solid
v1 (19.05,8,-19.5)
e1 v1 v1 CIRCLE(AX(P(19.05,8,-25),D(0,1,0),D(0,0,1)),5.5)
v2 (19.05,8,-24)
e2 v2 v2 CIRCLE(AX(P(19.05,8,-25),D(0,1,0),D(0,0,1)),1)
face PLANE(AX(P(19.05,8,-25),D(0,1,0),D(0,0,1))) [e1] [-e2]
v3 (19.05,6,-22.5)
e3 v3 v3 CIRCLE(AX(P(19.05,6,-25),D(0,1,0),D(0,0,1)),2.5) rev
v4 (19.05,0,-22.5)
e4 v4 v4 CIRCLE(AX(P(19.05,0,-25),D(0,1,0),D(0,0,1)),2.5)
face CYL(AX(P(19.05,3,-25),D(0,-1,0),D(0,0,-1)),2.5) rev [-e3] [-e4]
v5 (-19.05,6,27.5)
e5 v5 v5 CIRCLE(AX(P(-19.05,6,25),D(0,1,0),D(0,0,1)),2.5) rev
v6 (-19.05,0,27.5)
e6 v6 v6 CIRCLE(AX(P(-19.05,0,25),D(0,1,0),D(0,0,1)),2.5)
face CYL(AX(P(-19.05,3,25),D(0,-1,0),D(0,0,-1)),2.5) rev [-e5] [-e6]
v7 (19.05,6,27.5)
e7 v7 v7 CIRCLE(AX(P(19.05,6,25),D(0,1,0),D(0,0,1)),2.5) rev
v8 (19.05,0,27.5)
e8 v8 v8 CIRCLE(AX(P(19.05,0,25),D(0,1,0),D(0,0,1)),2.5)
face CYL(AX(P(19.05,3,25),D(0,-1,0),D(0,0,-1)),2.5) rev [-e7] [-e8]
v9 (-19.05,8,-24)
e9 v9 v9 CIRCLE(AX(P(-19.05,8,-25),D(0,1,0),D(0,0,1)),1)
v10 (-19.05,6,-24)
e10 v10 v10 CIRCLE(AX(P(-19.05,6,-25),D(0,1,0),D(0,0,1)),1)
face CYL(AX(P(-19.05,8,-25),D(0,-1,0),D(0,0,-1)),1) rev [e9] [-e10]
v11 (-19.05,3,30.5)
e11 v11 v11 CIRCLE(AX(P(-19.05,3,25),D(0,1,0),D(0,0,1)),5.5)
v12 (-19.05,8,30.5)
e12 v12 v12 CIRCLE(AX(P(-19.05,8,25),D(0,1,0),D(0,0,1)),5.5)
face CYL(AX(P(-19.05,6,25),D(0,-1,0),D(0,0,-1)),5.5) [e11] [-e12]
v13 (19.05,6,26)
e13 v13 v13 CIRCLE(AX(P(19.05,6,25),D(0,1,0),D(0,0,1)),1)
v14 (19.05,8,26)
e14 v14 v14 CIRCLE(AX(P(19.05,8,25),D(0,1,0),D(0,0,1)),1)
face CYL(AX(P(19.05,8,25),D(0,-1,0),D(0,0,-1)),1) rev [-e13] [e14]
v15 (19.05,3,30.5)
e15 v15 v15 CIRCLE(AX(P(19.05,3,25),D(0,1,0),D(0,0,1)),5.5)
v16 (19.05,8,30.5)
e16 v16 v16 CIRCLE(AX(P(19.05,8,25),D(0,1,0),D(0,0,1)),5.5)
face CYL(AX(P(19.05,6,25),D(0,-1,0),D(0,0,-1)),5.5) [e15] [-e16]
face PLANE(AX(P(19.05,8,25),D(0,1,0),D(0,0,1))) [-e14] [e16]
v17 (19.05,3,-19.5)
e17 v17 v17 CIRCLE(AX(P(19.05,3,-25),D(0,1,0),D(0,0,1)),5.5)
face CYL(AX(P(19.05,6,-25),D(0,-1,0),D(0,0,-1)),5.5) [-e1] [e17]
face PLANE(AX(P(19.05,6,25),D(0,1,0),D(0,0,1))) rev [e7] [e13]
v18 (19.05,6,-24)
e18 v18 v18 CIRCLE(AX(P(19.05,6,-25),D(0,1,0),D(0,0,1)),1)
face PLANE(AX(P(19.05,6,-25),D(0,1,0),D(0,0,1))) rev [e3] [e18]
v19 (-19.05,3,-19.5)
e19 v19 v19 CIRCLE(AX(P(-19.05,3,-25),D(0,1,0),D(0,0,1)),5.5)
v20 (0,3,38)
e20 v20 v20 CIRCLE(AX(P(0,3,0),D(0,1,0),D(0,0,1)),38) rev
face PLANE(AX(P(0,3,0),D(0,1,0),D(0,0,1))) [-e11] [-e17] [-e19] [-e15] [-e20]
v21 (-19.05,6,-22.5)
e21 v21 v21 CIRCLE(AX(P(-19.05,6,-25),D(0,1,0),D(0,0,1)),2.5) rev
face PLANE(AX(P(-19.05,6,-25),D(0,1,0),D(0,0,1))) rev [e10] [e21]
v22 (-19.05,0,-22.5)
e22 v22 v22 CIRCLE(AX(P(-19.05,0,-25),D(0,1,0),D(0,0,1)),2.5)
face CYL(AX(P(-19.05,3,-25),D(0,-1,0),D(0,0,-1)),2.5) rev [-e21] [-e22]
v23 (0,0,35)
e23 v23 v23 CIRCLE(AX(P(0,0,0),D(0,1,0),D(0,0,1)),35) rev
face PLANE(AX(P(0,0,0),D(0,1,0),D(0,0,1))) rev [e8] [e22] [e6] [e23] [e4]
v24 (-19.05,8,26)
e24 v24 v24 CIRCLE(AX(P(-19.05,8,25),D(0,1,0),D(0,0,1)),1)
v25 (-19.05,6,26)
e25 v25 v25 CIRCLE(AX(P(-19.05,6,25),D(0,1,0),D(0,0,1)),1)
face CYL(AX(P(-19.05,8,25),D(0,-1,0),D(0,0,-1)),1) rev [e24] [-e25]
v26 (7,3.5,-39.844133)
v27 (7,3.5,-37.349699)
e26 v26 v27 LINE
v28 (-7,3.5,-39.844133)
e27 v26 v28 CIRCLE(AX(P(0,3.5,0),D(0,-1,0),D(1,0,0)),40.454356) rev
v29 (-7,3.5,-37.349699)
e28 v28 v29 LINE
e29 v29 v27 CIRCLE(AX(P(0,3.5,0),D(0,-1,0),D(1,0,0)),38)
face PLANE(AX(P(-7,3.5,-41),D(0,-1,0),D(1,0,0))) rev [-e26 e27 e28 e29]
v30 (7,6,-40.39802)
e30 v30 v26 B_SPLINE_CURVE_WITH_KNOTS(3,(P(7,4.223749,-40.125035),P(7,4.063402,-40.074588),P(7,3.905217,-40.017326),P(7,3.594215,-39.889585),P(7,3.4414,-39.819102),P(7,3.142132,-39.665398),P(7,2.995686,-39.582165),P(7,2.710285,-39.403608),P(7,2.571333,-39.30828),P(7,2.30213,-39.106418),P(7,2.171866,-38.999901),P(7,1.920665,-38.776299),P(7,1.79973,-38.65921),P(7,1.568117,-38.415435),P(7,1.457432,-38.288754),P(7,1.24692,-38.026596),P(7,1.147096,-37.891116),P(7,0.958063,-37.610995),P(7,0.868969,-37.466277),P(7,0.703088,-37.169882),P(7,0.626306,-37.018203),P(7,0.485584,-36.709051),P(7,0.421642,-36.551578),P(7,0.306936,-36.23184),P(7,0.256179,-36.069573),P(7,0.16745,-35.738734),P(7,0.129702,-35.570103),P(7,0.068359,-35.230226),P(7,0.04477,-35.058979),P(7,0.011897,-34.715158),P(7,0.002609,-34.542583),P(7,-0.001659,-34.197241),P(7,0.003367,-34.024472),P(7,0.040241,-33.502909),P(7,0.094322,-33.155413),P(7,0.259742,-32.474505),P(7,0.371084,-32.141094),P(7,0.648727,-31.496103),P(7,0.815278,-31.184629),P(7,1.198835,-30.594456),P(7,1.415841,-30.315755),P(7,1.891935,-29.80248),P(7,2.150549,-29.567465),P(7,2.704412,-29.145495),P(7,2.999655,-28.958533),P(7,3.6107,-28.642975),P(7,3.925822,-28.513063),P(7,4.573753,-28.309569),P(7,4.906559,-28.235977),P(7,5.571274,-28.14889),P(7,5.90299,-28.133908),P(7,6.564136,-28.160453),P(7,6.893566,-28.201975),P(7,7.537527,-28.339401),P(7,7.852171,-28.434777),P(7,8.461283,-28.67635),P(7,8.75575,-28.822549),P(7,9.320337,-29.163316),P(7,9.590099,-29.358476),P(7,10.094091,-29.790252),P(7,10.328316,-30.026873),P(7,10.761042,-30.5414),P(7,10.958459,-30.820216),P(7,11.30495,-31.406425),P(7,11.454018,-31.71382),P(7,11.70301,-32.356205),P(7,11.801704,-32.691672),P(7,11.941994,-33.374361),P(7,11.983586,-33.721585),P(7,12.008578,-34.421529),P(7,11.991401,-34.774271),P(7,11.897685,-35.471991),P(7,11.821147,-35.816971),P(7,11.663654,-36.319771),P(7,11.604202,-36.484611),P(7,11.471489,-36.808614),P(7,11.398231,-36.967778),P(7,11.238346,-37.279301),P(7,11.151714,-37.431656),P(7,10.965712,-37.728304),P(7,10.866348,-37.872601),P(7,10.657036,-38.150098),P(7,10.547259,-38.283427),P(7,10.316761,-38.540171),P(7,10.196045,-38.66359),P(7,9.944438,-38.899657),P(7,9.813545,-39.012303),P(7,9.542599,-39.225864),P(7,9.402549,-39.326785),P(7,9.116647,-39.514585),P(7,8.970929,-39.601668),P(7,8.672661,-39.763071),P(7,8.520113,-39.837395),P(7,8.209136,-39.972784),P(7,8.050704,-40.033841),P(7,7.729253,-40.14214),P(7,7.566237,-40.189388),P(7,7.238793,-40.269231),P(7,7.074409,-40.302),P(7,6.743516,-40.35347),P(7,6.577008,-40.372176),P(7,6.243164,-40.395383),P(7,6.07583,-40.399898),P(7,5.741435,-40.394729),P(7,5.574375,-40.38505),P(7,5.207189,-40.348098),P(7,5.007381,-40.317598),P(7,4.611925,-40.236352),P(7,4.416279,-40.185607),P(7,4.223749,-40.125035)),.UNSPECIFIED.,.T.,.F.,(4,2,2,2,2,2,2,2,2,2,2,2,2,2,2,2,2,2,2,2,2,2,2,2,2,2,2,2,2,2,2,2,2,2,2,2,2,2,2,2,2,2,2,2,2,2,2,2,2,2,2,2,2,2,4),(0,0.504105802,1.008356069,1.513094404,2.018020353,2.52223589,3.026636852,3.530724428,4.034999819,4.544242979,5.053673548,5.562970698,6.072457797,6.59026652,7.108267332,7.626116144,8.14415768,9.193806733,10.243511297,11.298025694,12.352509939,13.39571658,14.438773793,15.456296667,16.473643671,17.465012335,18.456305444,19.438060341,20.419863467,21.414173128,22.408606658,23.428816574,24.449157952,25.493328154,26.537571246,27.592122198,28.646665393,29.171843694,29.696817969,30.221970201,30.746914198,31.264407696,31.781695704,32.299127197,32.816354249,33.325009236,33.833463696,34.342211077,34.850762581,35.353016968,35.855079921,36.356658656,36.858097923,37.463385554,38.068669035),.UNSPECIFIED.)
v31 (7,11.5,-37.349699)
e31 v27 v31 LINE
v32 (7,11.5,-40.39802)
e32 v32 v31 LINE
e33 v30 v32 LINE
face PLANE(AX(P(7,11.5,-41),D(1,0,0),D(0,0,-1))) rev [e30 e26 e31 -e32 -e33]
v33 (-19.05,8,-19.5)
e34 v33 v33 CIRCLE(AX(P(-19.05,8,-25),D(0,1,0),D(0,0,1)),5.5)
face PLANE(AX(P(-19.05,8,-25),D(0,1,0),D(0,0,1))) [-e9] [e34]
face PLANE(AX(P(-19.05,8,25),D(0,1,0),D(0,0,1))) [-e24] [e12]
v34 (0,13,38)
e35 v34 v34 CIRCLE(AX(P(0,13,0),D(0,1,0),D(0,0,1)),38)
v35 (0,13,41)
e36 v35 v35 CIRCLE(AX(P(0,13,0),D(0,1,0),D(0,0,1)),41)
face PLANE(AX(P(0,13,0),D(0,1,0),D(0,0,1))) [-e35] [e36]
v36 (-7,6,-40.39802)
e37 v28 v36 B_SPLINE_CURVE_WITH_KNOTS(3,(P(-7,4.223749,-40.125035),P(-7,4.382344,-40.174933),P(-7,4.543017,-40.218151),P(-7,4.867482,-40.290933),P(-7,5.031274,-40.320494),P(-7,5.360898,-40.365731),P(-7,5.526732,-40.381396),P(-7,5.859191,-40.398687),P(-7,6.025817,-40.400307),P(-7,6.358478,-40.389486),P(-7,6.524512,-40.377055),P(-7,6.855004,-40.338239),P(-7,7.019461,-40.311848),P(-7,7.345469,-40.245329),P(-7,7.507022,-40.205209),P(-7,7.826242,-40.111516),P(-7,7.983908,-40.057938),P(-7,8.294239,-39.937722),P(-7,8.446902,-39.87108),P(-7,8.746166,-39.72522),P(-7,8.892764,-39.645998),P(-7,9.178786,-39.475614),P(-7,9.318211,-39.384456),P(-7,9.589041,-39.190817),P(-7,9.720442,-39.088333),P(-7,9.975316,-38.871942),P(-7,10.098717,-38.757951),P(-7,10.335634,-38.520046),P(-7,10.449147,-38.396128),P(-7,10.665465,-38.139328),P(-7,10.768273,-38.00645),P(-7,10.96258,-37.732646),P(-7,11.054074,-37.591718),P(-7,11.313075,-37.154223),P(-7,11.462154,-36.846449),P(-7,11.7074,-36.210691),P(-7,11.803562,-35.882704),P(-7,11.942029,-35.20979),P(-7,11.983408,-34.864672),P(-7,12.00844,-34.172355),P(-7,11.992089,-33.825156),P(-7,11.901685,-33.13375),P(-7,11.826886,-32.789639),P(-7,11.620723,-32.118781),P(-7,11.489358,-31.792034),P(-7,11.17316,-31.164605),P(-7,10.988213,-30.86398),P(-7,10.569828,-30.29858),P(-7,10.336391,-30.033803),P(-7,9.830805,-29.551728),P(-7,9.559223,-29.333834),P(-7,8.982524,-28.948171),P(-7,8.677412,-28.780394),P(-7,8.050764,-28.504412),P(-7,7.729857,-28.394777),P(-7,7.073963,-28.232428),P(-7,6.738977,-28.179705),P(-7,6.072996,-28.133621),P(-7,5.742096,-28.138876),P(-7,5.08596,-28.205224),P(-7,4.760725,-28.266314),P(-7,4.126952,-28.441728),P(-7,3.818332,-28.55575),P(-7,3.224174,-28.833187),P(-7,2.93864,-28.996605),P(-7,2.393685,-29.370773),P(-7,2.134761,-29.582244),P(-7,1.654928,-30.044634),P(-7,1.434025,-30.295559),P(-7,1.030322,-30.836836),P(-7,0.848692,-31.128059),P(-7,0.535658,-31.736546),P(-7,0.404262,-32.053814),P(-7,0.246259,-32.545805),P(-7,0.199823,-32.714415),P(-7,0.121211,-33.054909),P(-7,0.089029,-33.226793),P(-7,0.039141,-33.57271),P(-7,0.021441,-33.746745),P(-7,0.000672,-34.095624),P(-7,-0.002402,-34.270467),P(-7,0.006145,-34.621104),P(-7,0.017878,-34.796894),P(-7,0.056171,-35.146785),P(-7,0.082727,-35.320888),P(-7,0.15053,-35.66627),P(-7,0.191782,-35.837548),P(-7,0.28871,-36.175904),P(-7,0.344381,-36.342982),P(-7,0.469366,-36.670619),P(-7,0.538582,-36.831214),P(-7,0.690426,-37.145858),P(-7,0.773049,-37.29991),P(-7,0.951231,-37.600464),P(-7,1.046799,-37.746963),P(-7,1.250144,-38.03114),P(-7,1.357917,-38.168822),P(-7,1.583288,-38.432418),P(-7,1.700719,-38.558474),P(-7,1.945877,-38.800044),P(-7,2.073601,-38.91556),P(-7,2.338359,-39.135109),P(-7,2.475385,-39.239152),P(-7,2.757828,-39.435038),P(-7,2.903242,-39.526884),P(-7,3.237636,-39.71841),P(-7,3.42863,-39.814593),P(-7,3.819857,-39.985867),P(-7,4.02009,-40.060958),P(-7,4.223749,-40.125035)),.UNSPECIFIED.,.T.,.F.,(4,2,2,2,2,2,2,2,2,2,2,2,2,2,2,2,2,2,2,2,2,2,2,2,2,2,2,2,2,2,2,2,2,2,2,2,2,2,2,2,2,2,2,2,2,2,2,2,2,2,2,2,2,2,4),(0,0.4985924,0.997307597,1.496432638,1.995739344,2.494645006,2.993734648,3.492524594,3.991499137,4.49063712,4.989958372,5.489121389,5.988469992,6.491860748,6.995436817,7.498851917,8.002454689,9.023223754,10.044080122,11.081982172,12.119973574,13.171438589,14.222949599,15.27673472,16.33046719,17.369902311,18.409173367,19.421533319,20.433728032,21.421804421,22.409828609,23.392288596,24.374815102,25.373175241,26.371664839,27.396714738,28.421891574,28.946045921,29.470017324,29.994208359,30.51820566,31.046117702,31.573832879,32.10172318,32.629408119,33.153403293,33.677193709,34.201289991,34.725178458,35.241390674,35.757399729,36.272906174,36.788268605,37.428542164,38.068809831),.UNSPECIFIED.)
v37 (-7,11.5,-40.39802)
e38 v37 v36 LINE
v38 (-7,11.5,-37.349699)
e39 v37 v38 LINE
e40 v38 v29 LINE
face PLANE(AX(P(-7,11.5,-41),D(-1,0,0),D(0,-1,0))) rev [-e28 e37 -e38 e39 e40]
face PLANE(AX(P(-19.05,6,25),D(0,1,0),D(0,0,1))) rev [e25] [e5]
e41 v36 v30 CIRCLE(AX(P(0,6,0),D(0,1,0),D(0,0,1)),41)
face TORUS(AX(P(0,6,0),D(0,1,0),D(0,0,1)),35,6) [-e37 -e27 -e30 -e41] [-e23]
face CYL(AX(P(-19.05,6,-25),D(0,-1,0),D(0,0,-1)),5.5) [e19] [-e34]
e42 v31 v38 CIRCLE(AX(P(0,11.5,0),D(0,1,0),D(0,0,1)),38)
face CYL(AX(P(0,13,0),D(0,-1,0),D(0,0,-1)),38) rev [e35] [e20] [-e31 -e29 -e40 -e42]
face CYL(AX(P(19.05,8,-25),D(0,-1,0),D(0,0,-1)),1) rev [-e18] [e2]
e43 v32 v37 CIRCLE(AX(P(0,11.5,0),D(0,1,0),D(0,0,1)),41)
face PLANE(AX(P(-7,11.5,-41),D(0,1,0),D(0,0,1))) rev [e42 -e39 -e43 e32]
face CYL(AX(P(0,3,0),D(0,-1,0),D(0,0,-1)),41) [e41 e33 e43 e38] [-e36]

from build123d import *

# Parameters (mm, degrees)
SKETCH1_R           = 41
SKETCH1_R_2         = 2.5
BOSS_EXTRUDE1_DEPTH = 3
SKETCH3_R           = 41
SKETCH3_R_2         = 38
BOSS_EXTRUDE2_DEPTH = 10
SKETCH3_3_R         = 5.5
SKETCH3_3_R_2       = 2.5
BOSS_EXTRUDE3_DEPTH = 3
SKETCH4_R           = 5.5
SKETCH4_R_2         = 1
BOSS_EXTRUDE4_DEPTH = 2
FILLET1_R           = 6
SKETCH6_W           = 14
SKETCH6_H           = 8
CUT_EXTRUDE1_DEPTH  = 60.422218067


with BuildPart() as part:
    # Sketch1 → Boss-Extrude1 (new body)
    with BuildSketch(Plane(origin=(0, 0, 0), x_dir=(1, 0, 0), z_dir=(0, 1, 0))):
        Circle(SKETCH1_R)
        with Locations((-19.05, 25)):
            Circle(SKETCH1_R_2, mode=Mode.SUBTRACT)
        with Locations((19.05, 25)):
            Circle(SKETCH1_R_2, mode=Mode.SUBTRACT)
        with Locations((19.05, -25)):
            Circle(SKETCH1_R_2, mode=Mode.SUBTRACT)
        with Locations((-19.05, -25)):
            Circle(SKETCH1_R_2, mode=Mode.SUBTRACT)
    extrude(amount=BOSS_EXTRUDE1_DEPTH)

    # Sketch3 → Boss-Extrude2 (add)
    with BuildSketch(Plane(origin=(0, 3, 0), x_dir=(1, 0, 0), z_dir=(0, 1, 0))):
        Circle(SKETCH3_R)
        Circle(SKETCH3_R_2, mode=Mode.SUBTRACT)
    extrude(amount=BOSS_EXTRUDE2_DEPTH)

    # Sketch3<3> → Boss-Extrude3 (add)
    # profile 1 of 4: a face of its own
    with BuildSketch(Plane(origin=(0, 3, 0), x_dir=(1, 0, 0), z_dir=(0, 1, 0))):
        with Locations((-19.05, 25)):
            Circle(SKETCH3_3_R)
        with Locations((-19.05, 25)):
            Circle(SKETCH3_3_R_2, mode=Mode.SUBTRACT)
    # profile 2 of 4: a face of its own
    with BuildSketch(Plane(origin=(0, 3, 0), x_dir=(1, 0, 0), z_dir=(0, 1, 0))):
        with Locations((19.05, 25)):
            Circle(SKETCH3_3_R)
        with Locations((19.05, 25)):
            Circle(SKETCH3_3_R_2, mode=Mode.SUBTRACT)
    # profile 3 of 4: a face of its own
    with BuildSketch(Plane(origin=(0, 3, 0), x_dir=(1, 0, 0), z_dir=(0, 1, 0))):
        with Locations((19.05, -25)):
            Circle(SKETCH3_3_R)
        with Locations((19.05, -25)):
            Circle(SKETCH3_3_R_2, mode=Mode.SUBTRACT)
    # profile 4 of 4: a face of its own
    with BuildSketch(Plane(origin=(0, 3, 0), x_dir=(1, 0, 0), z_dir=(0, 1, 0))):
        with Locations((-19.05, -25)):
            Circle(SKETCH3_3_R)
        with Locations((-19.05, -25)):
            Circle(SKETCH3_3_R_2, mode=Mode.SUBTRACT)
    extrude(amount=BOSS_EXTRUDE3_DEPTH)

    # Sketch4 → Boss-Extrude4 (add)
    # profile 1 of 4: a face of its own
    with BuildSketch(Plane(origin=(0, 6, 0), x_dir=(1, 0, 0), z_dir=(0, 1, 0))):
        with Locations((-19.05, 25)):
            Circle(SKETCH4_R)
        with Locations((-19.05, 25)):
            Circle(SKETCH4_R_2, mode=Mode.SUBTRACT)
    # profile 2 of 4: a face of its own
    with BuildSketch(Plane(origin=(0, 6, 0), x_dir=(1, 0, 0), z_dir=(0, 1, 0))):
        with Locations((19.05, 25)):
            Circle(SKETCH4_R)
        with Locations((19.05, 25)):
            Circle(SKETCH4_R_2, mode=Mode.SUBTRACT)
    # profile 3 of 4: a face of its own
    with BuildSketch(Plane(origin=(0, 6, 0), x_dir=(1, 0, 0), z_dir=(0, 1, 0))):
        with Locations((19.05, -25)):
            Circle(SKETCH4_R)
        with Locations((19.05, -25)):
            Circle(SKETCH4_R_2, mode=Mode.SUBTRACT)
    # profile 4 of 4: a face of its own
    with BuildSketch(Plane(origin=(0, 6, 0), x_dir=(1, 0, 0), z_dir=(0, 1, 0))):
        with Locations((-19.05, -25)):
            Circle(SKETCH4_R)
        with Locations((-19.05, -25)):
            Circle(SKETCH4_R_2, mode=Mode.SUBTRACT)
    extrude(amount=BOSS_EXTRUDE4_DEPTH)

    # Fillet1
    fillet1_edges = [part.edges().sort_by_distance(p)[0] for p in [
        (-41, 0, 0),
    ]]
    fillet(fillet1_edges, radius=FILLET1_R)

    # Sketch6 → Cut-Extrude1 (cut, through all)
    with BuildSketch(Plane.XY):
        with Locations((0, 7.5)):
            Rectangle(SKETCH6_W, SKETCH6_H)
    extrude(amount=-CUT_EXTRUDE1_DEPTH, mode=Mode.SUBTRACT)


solid = part.part
